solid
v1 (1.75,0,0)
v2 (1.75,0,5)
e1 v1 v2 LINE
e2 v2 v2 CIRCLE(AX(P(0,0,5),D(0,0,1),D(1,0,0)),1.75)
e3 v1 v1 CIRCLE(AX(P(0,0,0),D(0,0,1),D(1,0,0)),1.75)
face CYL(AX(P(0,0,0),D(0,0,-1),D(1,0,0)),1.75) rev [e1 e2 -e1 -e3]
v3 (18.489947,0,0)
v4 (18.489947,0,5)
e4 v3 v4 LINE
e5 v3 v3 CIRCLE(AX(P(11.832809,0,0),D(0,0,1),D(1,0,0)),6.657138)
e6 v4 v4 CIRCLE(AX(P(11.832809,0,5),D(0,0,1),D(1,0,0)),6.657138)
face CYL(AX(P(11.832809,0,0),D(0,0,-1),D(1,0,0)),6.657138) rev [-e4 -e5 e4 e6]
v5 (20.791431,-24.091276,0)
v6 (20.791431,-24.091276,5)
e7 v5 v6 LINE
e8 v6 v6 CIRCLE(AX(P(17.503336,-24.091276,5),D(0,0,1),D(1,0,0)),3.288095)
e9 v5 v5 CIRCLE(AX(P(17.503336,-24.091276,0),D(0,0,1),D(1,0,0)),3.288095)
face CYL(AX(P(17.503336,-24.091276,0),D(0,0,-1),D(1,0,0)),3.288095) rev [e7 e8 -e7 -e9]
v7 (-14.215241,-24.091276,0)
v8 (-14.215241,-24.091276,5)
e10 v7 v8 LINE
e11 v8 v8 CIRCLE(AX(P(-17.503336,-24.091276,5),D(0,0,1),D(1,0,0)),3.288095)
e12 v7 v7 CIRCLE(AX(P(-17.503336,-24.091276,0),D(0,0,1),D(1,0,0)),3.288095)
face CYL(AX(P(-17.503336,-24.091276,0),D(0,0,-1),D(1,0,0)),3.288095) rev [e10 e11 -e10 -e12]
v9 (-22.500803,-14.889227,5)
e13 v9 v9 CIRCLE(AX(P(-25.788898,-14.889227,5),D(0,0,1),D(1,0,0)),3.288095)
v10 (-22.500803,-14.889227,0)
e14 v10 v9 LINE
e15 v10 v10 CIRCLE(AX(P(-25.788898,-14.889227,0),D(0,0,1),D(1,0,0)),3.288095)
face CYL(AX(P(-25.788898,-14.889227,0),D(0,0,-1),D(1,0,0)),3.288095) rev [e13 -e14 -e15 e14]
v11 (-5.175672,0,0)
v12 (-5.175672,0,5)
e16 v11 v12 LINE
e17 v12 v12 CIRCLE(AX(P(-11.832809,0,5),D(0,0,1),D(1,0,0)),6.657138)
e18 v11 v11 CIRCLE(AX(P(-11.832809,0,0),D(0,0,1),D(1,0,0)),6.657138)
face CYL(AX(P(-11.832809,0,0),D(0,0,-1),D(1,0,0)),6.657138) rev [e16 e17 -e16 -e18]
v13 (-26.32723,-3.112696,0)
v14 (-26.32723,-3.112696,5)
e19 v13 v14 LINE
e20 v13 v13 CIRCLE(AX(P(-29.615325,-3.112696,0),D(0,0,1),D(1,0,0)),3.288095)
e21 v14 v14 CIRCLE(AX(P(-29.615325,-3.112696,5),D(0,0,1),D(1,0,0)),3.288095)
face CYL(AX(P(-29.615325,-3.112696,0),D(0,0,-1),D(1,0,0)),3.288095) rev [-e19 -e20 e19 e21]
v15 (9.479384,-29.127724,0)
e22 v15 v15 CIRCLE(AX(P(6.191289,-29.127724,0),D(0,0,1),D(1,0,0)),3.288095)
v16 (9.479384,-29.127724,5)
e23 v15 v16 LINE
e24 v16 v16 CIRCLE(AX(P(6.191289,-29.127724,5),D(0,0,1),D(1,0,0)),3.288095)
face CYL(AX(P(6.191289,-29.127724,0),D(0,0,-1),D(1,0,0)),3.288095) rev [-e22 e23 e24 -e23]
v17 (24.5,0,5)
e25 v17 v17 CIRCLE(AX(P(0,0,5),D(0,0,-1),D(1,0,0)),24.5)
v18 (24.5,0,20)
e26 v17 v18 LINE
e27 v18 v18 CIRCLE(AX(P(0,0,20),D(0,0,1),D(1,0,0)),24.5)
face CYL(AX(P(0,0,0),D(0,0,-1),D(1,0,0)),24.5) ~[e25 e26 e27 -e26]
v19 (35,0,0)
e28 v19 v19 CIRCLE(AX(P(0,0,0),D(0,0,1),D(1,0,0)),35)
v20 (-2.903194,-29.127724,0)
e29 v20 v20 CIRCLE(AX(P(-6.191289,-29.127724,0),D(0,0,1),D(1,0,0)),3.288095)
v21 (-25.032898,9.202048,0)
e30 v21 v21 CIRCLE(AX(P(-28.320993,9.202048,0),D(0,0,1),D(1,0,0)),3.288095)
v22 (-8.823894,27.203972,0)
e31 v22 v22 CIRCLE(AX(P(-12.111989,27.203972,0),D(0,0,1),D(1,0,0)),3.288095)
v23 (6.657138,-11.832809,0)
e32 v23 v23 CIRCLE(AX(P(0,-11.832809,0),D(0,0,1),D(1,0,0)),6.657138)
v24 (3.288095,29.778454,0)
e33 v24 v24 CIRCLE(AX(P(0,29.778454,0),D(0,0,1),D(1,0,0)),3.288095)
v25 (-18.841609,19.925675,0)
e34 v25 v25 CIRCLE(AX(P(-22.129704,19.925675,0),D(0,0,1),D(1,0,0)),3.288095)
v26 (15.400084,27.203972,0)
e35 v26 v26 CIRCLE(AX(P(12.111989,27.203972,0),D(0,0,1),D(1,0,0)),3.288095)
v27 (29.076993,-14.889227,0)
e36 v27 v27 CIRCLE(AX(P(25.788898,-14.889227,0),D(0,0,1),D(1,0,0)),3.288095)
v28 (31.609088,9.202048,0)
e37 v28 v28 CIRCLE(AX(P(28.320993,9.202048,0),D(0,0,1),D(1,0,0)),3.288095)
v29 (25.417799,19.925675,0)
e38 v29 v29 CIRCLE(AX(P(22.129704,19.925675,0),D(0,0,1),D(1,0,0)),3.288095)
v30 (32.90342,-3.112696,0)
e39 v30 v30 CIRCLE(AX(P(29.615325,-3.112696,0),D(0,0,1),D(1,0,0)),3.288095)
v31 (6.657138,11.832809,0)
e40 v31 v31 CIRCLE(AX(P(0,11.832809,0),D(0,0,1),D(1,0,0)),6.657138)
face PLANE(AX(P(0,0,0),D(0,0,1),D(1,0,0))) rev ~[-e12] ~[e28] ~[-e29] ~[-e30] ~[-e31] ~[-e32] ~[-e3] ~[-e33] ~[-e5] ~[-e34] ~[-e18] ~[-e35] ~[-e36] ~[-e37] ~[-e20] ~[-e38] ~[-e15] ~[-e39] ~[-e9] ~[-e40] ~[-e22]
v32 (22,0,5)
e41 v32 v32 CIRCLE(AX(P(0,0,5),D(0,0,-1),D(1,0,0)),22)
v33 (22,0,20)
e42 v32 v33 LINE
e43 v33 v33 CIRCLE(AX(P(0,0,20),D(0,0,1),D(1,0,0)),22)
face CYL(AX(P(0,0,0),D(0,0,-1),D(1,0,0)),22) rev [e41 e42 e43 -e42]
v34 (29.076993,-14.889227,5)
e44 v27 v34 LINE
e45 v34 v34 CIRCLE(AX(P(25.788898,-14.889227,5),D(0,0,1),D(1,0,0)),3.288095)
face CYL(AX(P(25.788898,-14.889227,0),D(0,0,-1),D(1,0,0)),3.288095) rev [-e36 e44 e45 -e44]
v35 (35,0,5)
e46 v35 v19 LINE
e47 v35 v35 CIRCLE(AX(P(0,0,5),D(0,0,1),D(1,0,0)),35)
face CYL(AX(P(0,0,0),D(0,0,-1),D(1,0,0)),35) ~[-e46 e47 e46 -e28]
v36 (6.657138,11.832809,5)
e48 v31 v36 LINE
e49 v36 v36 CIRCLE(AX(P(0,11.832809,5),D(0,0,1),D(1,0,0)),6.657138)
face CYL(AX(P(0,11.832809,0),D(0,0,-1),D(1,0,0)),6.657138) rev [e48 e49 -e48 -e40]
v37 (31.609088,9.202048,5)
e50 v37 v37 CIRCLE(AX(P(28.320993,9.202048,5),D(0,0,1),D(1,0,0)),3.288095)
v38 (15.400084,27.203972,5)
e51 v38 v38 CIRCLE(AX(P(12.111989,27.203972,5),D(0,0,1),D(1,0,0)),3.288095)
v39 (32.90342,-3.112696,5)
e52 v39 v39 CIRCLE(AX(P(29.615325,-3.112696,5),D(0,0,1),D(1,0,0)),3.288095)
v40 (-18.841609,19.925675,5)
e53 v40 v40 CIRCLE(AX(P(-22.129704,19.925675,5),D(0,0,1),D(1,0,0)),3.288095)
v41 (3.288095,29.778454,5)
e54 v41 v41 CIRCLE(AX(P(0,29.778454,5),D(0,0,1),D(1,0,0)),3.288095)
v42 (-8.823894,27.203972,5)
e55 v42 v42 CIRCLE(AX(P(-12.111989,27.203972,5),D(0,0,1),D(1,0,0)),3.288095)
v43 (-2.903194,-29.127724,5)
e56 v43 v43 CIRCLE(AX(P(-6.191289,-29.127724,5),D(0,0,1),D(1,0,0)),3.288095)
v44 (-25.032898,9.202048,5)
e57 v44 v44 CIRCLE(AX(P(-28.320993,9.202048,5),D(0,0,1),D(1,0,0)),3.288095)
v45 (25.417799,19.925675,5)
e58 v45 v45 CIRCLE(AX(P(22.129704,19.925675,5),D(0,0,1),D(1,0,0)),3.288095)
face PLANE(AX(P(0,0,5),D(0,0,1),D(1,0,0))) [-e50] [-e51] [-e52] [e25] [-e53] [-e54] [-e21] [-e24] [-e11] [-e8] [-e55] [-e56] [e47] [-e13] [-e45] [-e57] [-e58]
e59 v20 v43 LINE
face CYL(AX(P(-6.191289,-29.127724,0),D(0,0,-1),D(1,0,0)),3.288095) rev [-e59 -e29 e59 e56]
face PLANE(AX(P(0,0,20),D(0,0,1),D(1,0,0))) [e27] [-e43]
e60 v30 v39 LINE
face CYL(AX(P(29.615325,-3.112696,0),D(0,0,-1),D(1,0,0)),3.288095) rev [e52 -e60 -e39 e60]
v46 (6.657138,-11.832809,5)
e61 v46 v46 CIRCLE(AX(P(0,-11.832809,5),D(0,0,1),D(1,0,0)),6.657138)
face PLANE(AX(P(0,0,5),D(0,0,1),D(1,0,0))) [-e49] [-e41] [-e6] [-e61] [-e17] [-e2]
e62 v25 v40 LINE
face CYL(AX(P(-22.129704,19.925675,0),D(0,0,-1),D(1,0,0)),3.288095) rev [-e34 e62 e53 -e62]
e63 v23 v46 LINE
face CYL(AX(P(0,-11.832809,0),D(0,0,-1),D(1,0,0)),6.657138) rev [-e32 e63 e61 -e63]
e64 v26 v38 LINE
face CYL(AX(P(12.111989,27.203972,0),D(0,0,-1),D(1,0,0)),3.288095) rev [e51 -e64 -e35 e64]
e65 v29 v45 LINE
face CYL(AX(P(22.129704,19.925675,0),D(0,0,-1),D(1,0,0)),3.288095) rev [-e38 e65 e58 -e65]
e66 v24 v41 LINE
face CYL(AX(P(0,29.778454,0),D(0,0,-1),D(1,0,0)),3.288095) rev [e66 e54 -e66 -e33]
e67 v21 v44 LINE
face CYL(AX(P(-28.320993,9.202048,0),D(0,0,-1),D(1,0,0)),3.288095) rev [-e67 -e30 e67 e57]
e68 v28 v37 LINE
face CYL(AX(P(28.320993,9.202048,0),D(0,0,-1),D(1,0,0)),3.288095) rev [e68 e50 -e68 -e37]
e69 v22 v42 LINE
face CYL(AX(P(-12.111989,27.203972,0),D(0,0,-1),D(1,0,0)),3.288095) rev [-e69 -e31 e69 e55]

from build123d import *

# Parameters (mm, degrees)
F0_R     = 35
F0_R_2   = 3.2880949383
F0_R_3   = 24.5
F0_R_4   = 22
F0_R_5   = 6.6571375288
F0_R_6   = 1.75
F1_DEPTH = 5
F2_DEPTH = 20
F3_DEPTH = 3


with BuildPart() as f1:
    # F0 (on Top) → F1 (new body)
    with BuildSketch(Plane.XY):
        Circle(F0_R)
        with Locations((-17.5033363634, -24.0912757185)):
            Circle(F0_R_2, mode=Mode.SUBTRACT)
        with Locations((-6.1912888152, -29.1277237765)):
            Circle(F0_R_2, mode=Mode.SUBTRACT)
        with Locations((-25.7888980415, -14.8892272264)):
            Circle(F0_R_2, mode=Mode.SUBTRACT)
        with Locations((-29.6153249635, -3.1126960824)):
            Circle(F0_R_2, mode=Mode.SUBTRACT)
        with Locations((6.1912888152, -29.1277237765)):
            Circle(F0_R_2, mode=Mode.SUBTRACT)
        with Locations((17.5033363634, -24.0912757185)):
            Circle(F0_R_2, mode=Mode.SUBTRACT)
        with Locations((25.7888980415, -14.8892272264)):
            Circle(F0_R_2, mode=Mode.SUBTRACT)
        with Locations((29.6153249635, -3.1126960824)):
            Circle(F0_R_2, mode=Mode.SUBTRACT)
        with Locations((-28.3209931525, 9.2020484921)):
            Circle(F0_R_2, mode=Mode.SUBTRACT)
        with Locations((-22.1297043373, 19.9256752844)):
            Circle(F0_R_2, mode=Mode.SUBTRACT)
        with Locations((-12.1119886001, 27.2039718009)):
            Circle(F0_R_2, mode=Mode.SUBTRACT)
        Circle(F0_R_3, mode=Mode.SUBTRACT)
        with Locations((28.3209931525, 9.2020484921)):
            Circle(F0_R_2, mode=Mode.SUBTRACT)
        with Locations((0, 29.7784544528)):
            Circle(F0_R_2, mode=Mode.SUBTRACT)
        with Locations((12.1119886001, 27.2039718009)):
            Circle(F0_R_2, mode=Mode.SUBTRACT)
        with Locations((22.1297043373, 19.9256752844)):
            Circle(F0_R_2, mode=Mode.SUBTRACT)
        Circle(F0_R_3)
        Circle(F0_R_4, mode=Mode.SUBTRACT)
        Circle(F0_R_4)
        with Locations((0, -11.8328090757)):
            Circle(F0_R_5, mode=Mode.SUBTRACT)
        with Locations((-11.8328090757, 0)):
            Circle(F0_R_5, mode=Mode.SUBTRACT)
        Circle(F0_R_6, mode=Mode.SUBTRACT)
        with Locations((11.8328090757, 0)):
            Circle(F0_R_5, mode=Mode.SUBTRACT)
        with Locations((0, 11.8328090757)):
            Circle(F0_R_5, mode=Mode.SUBTRACT)
    extrude(amount=F1_DEPTH)

    # F0 (on Top) → F2 (join)
    with BuildSketch(Plane.XY):
        Circle(F0_R_3)
        Circle(F0_R_4, mode=Mode.SUBTRACT)
    extrude(amount=F2_DEPTH)

    # F0 (on Top) → F3 (join)
    with BuildSketch(Plane.XY):
        Circle(F0_R)
        with Locations((-17.5033363634, -24.0912757185)):
            Circle(F0_R_2, mode=Mode.SUBTRACT)
        with Locations((-6.1912888152, -29.1277237765)):
            Circle(F0_R_2, mode=Mode.SUBTRACT)
        with Locations((-25.7888980415, -14.8892272264)):
            Circle(F0_R_2, mode=Mode.SUBTRACT)
        with Locations((-29.6153249635, -3.1126960824)):
            Circle(F0_R_2, mode=Mode.SUBTRACT)
        with Locations((6.1912888152, -29.1277237765)):
            Circle(F0_R_2, mode=Mode.SUBTRACT)
        with Locations((17.5033363634, -24.0912757185)):
            Circle(F0_R_2, mode=Mode.SUBTRACT)
        with Locations((25.7888980415, -14.8892272264)):
            Circle(F0_R_2, mode=Mode.SUBTRACT)
        with Locations((29.6153249635, -3.1126960824)):
            Circle(F0_R_2, mode=Mode.SUBTRACT)
        with Locations((-28.3209931525, 9.2020484921)):
            Circle(F0_R_2, mode=Mode.SUBTRACT)
        with Locations((-22.1297043373, 19.9256752844)):
            Circle(F0_R_2, mode=Mode.SUBTRACT)
        with Locations((-12.1119886001, 27.2039718009)):
            Circle(F0_R_2, mode=Mode.SUBTRACT)
        Circle(F0_R_3, mode=Mode.SUBTRACT)
        with Locations((28.3209931525, 9.2020484921)):
            Circle(F0_R_2, mode=Mode.SUBTRACT)
        with Locations((0, 29.7784544528)):
            Circle(F0_R_2, mode=Mode.SUBTRACT)
        with Locations((12.1119886001, 27.2039718009)):
            Circle(F0_R_2, mode=Mode.SUBTRACT)
        with Locations((22.1297043373, 19.9256752844)):
            Circle(F0_R_2, mode=Mode.SUBTRACT)
    extrude(amount=F3_DEPTH)


solid = f1.part
